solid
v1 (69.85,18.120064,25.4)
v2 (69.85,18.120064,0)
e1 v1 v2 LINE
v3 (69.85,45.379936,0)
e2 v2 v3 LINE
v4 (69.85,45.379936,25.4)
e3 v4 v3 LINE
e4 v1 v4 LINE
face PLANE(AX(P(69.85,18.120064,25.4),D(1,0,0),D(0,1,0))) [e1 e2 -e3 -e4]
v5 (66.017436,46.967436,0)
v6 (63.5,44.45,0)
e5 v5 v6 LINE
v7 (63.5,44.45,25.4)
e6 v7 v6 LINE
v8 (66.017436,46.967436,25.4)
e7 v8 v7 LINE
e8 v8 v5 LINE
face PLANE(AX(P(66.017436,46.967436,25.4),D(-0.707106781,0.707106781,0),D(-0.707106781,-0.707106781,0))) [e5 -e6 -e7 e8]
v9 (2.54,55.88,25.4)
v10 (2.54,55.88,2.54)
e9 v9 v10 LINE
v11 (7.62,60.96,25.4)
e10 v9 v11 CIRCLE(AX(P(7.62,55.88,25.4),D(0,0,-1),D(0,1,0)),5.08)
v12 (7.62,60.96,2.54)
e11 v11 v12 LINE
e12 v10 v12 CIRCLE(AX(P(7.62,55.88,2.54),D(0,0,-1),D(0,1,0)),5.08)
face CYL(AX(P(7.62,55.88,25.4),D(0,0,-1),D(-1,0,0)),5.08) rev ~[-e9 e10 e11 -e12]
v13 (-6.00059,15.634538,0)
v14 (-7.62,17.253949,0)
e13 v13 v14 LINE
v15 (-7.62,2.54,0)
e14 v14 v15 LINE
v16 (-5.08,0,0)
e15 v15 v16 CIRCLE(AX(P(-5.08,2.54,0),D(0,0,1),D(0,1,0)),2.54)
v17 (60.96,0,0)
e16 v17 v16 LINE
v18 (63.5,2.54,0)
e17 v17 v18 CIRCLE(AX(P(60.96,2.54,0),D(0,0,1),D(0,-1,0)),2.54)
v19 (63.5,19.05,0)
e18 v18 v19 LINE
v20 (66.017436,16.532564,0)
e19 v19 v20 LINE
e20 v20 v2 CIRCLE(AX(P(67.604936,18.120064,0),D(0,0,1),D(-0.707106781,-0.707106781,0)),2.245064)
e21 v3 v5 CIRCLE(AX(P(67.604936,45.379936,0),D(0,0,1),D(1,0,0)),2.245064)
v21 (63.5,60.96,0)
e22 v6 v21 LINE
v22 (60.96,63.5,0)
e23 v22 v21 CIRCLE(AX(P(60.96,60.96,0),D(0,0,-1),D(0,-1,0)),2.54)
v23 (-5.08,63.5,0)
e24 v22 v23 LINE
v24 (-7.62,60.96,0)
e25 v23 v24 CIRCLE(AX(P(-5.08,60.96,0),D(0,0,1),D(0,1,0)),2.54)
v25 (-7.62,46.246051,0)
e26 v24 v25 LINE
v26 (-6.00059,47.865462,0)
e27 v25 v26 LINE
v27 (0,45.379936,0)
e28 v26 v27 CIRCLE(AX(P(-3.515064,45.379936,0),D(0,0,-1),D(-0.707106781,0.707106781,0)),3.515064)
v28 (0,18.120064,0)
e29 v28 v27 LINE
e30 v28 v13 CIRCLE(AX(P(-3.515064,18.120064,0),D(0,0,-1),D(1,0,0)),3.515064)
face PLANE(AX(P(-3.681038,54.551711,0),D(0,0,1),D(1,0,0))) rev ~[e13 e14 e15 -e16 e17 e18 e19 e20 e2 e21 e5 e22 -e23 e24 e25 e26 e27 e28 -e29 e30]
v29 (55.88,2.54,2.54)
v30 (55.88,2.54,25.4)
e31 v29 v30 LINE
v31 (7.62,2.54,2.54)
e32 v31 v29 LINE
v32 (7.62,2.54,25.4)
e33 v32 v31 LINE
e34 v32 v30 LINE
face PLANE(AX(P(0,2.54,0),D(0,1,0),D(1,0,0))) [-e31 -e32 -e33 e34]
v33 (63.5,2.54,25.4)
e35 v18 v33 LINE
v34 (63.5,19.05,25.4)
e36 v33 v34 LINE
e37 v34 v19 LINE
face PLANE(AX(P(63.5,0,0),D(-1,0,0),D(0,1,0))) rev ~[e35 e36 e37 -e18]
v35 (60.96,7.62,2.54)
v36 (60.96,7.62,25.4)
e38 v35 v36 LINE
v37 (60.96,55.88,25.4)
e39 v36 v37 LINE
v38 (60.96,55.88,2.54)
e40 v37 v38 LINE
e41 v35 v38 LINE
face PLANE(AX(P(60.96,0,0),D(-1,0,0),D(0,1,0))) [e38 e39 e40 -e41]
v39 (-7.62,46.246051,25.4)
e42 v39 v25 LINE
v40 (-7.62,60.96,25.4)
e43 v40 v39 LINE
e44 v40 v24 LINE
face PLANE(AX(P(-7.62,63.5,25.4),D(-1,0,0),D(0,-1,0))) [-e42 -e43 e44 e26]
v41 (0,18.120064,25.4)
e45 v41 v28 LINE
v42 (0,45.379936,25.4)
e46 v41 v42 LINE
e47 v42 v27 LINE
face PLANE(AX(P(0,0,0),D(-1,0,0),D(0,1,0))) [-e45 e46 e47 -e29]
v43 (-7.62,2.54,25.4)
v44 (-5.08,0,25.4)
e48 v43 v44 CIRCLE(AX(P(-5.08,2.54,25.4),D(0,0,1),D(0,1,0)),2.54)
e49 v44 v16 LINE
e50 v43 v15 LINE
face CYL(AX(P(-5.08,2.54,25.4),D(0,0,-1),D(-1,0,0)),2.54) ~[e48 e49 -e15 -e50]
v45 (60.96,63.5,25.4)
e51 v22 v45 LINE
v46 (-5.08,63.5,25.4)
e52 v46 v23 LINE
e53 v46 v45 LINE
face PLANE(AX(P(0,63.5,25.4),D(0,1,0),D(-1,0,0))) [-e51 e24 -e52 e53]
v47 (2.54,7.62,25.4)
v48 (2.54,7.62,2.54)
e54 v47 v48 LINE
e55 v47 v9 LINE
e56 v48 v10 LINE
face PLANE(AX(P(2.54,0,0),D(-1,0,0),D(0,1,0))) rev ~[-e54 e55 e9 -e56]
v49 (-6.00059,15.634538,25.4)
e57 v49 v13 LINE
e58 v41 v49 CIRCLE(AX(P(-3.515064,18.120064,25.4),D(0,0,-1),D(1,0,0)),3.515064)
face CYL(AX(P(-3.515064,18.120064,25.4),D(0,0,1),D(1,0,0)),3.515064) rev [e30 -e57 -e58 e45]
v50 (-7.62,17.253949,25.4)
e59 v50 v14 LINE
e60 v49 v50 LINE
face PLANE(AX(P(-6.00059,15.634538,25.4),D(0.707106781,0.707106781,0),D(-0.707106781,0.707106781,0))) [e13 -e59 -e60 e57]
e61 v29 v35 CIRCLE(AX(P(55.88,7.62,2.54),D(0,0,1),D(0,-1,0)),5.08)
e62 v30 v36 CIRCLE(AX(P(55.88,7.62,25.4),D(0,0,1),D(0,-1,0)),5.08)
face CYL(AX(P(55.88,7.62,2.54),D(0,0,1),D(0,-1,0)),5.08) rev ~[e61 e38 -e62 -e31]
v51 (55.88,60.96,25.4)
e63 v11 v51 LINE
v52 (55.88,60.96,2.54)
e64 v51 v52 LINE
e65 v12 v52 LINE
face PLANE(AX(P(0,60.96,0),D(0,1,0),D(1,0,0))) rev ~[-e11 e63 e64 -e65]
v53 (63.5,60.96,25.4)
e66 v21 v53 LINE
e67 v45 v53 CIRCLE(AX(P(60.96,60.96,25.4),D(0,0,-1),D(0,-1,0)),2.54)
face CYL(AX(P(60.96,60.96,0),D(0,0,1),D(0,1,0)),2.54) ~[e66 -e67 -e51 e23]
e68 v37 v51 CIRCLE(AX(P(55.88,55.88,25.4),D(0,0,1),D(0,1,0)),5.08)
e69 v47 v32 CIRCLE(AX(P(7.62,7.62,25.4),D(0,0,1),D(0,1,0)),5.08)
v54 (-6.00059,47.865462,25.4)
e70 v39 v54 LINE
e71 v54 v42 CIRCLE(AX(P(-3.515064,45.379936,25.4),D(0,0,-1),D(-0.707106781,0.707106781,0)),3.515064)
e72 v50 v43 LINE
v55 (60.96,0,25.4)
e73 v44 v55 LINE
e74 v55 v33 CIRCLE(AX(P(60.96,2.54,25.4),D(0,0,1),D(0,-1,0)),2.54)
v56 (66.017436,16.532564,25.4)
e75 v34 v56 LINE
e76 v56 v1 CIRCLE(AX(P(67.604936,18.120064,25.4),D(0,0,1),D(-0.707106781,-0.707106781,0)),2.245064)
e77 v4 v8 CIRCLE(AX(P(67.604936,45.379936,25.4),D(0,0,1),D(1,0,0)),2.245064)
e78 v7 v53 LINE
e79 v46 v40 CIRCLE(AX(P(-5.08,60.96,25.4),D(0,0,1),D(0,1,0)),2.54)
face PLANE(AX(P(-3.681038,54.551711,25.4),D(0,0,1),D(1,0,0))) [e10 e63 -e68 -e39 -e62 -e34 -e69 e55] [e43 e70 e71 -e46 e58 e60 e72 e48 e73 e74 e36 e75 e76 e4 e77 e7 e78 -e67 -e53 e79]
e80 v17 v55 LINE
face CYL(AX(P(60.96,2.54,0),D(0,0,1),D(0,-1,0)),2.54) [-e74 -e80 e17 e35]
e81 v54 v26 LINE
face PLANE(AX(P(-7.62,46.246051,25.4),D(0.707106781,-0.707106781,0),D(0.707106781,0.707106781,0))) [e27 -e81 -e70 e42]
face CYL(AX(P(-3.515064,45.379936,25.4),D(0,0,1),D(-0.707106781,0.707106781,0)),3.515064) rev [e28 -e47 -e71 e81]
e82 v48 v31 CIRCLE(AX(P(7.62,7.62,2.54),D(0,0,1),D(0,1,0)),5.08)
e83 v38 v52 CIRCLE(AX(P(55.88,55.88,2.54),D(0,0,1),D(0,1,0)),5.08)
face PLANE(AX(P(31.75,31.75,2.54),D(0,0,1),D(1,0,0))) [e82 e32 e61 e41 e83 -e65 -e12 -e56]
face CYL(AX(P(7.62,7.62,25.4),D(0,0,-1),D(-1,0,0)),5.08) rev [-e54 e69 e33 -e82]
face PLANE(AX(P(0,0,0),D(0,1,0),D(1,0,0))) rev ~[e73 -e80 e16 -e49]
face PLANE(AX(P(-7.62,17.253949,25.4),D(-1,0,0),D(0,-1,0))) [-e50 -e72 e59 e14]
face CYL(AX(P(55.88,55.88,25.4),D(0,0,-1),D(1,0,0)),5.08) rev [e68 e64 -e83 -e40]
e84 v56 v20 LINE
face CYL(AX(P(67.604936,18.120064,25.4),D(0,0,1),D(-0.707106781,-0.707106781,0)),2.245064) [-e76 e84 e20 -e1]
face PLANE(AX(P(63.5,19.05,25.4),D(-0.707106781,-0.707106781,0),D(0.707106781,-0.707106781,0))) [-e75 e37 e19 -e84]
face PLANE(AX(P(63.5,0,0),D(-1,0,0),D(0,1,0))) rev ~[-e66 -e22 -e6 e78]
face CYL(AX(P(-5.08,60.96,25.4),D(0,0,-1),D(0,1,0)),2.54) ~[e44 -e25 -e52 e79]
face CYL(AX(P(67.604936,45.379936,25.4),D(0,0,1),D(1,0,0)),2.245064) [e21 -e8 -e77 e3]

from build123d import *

# Parameters (mm, degrees)
F0_W     = 63.5
F0_H     = 63.5
F1_DEPTH = 25.4
F2_T     = -2.54
F4_DEPTH = 25.4
F5_R     = 5.08
F6_R     = 2.54


with BuildPart() as f1:
    # F0 (on Top) → F1 (new body)
    with BuildSketch(Plane.XY):
        with Locations((31.75, 31.75)):
            Rectangle(F0_W, F0_H)
    extrude(amount=F1_DEPTH)

    # F2
    f2_openings = [f1.faces().sort_by_distance(p)[0] for p in [
        (31.75, 31.75, 25.4),
    ]]
    offset(amount=F2_T, openings=f2_openings)

    # F3 (on face) → F4 (join, through all)
    with BuildSketch(Plane.XY.offset(25.4)):
        with BuildLine():
            Line((66.0174359697, 46.9674359697), (63.5, 44.45))
            Line((63.5, 44.45), (63.5, 19.05))
            Line((63.5, 19.05), (66.0174359697, 16.5325640303))
            ThreePointArc((66.0174359697, 16.5325640303), (68.4640847787, 16.0458953235), (69.85, 18.1200640303))
            Line((69.85, 18.1200640303), (69.85, 45.3799359697))
            ThreePointArc((69.85, 45.3799359697), (68.4640847787, 47.4541046765), (66.0174359697, 46.9674359697))
        make_face()
        with BuildLine():
            Line((0, 45.3799359697), (0, 63.5))
            Line((0, 63.5), (-7.62, 63.5))
            Line((-7.62, 63.5), (-7.62, 46.2460512242))
            Line((-7.62, 46.2460512242), (-6.0005896424, 47.8654615818))
            ThreePointArc((-6.0005896424, 47.8654615818), (-2.1699072622, 48.6274316828), (0, 45.3799359697))
        make_face()
        with BuildLine():
            Line((-6.0005896424, 15.6345384182), (-7.62, 17.2539487758))
            Line((-7.62, 17.2539487758), (-7.62, 0))
            Line((-7.62, 0), (0, 0))
            Line((0, 0), (0, 18.1200640303))
            ThreePointArc((0, 18.1200640303), (-2.1699072622, 14.8725683172), (-6.0005896424, 15.6345384182))
        make_face()
    extrude(amount=-F4_DEPTH)

    # F5
    f5_edges = [f1.edges().sort_by_distance(p)[0] for p in [
        (2.54, 60.96, 13.97),
        (60.96, 60.96, 13.97),
        (2.54, 2.54, 13.97),
        (60.96, 2.54, 13.97),
    ]]
    fillet(f5_edges, radius=F5_R)

    # F6
    f6_edges = [f1.edges().sort_by_distance(p)[0] for p in [
        (-7.62, 63.5, 12.7),
        (63.5, 63.5, 12.7),
        (63.5, 0, 12.7),
        (-7.62, 0, 12.7),
    ]]
    fillet(f6_edges, radius=F6_R)


solid = f1.part
